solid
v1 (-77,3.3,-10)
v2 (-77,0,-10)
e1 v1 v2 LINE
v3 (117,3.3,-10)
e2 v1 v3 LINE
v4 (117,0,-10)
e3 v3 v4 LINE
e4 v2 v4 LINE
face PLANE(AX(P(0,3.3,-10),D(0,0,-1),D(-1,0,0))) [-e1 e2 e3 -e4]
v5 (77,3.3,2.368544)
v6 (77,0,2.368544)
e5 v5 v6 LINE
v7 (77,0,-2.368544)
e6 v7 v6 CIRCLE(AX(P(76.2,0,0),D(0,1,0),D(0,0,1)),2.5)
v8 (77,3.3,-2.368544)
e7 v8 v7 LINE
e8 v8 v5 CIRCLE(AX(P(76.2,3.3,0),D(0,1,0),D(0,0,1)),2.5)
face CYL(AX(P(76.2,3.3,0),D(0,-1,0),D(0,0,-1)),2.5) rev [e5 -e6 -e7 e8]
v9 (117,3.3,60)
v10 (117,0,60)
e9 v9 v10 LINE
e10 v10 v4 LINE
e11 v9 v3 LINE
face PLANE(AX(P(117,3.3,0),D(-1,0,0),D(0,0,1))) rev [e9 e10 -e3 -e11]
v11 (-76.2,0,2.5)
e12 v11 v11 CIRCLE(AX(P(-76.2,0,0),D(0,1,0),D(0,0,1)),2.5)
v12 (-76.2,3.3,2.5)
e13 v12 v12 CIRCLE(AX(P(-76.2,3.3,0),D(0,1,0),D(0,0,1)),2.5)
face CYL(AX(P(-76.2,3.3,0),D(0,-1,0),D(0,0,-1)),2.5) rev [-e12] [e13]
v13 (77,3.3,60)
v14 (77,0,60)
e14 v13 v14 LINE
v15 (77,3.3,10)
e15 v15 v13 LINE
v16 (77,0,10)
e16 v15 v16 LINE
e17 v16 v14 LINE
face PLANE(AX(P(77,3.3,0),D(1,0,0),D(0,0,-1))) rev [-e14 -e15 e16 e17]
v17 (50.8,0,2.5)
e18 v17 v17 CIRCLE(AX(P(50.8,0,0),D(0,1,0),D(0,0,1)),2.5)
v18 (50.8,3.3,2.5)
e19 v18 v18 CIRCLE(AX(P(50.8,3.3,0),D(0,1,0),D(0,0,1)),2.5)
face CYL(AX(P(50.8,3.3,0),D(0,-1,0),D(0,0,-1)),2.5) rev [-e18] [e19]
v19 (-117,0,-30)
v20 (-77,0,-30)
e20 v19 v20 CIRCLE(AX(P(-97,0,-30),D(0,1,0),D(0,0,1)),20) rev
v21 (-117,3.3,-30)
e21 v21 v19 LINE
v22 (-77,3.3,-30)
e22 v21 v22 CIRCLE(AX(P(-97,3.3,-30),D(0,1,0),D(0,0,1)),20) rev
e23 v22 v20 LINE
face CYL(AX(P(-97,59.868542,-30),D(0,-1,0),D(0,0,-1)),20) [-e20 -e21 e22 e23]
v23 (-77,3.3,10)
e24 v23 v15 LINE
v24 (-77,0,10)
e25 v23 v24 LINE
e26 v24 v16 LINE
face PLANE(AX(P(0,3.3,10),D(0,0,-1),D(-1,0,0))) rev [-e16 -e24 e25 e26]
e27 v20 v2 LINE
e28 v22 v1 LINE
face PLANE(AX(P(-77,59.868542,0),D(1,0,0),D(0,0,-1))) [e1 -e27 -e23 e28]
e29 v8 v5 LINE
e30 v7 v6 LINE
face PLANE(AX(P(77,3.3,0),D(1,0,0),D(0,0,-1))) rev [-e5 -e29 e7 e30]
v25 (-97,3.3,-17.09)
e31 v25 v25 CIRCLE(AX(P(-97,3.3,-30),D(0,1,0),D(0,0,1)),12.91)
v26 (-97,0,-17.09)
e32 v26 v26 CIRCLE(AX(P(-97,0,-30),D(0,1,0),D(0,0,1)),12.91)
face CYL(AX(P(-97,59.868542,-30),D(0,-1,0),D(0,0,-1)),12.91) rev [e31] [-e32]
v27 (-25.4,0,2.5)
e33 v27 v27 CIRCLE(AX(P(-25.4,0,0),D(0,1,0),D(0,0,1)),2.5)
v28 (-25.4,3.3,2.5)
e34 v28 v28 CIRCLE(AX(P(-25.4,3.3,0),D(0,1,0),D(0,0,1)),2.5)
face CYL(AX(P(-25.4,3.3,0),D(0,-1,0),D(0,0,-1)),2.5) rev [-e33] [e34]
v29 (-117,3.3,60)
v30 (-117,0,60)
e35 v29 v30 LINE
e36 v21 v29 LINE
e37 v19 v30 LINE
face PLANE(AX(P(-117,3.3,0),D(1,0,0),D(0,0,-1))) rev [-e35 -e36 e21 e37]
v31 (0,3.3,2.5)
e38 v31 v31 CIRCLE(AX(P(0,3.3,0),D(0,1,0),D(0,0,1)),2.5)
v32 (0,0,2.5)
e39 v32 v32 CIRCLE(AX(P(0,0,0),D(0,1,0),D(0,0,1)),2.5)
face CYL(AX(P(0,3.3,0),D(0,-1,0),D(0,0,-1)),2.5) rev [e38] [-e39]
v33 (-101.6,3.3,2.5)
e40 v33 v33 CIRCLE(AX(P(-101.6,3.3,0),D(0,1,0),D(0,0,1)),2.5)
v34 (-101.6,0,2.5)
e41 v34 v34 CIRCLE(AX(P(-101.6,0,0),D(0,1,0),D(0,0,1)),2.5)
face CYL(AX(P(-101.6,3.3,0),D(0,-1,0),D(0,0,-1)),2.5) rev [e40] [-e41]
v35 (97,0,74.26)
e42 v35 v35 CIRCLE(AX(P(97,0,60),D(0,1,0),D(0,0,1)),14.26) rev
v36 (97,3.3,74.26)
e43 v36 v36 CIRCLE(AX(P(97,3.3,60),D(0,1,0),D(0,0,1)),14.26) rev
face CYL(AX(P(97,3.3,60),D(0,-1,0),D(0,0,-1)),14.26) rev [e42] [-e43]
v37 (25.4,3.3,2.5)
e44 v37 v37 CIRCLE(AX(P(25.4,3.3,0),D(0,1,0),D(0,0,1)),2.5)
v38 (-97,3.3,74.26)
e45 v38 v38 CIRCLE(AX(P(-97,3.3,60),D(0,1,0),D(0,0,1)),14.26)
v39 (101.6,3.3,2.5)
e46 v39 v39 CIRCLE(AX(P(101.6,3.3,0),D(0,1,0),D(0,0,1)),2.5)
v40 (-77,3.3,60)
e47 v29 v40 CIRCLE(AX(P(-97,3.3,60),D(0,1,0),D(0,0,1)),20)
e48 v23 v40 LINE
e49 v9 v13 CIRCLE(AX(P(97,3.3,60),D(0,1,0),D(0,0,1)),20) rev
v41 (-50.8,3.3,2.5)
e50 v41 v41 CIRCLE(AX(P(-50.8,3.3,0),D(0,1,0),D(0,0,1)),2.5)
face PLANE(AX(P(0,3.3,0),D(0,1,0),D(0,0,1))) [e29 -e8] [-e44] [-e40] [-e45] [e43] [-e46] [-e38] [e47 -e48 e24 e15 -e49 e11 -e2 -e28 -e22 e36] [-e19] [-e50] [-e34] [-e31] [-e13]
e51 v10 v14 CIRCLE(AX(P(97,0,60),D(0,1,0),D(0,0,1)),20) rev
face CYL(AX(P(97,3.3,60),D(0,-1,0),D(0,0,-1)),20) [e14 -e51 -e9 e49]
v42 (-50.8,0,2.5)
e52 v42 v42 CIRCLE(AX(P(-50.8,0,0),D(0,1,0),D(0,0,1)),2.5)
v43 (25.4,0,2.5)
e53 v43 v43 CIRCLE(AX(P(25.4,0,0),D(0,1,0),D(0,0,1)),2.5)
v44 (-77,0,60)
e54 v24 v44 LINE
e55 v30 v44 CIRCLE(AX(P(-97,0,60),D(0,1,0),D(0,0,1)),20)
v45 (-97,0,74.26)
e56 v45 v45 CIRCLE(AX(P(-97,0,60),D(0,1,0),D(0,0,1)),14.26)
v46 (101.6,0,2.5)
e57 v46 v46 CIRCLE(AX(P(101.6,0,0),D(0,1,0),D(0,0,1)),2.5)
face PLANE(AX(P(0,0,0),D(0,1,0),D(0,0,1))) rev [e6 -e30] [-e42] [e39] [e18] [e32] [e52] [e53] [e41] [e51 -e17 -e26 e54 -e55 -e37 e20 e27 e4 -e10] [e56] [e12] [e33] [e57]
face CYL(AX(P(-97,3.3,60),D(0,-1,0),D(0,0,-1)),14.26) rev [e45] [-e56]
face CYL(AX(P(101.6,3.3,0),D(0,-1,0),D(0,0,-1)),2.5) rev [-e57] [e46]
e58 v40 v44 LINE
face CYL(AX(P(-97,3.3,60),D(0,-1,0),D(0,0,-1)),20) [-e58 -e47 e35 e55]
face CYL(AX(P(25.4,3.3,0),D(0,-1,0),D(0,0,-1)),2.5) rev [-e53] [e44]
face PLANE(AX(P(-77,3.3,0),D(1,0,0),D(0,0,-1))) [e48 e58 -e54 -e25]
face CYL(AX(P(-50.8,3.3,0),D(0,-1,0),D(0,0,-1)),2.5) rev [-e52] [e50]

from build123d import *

# Parameters (mm, degrees)
SKETCH1_R               = 2.5
SKETCH1_R_2             = 14.26
BOSS_EXTRUDE1_DEPTH     = 3.3
SKETCH1_3_R             = 12.91
SALIENTE_EXTRUIR1_DEPTH = 3.3


with BuildPart() as part:
    # Sketch1 → Boss-Extrude1 (new body)
    with BuildSketch(Plane(origin=(0, 0, 0), x_dir=(1, 0, 0), z_dir=(0, 1, 0))):
        with BuildLine():
            Line((-117, 10), (-117, -60))
            ThreePointArc((-117, -60), (-97, -80), (-77, -60))
            Line((-77, -60), (-77, -10))
            Line((-77, -10), (77, -10))
            Line((77, -10), (77, -60))
            ThreePointArc((77, -60), (97, -80), (117, -60))
            Line((117, -60), (117, 10))
            Line((117, 10), (-117, 10))
        make_face()
        with BuildLine():
            ThreePointArc((77, -2.368543856), (73.7, 0), (77, 2.368543856))
            Line((77, 2.368543856), (77, -2.368543856))
        make_face(mode=Mode.SUBTRACT)
        with Locations((-101.6, 0)):
            Circle(SKETCH1_R, mode=Mode.SUBTRACT)
        with Locations((-76.2, 0)):
            Circle(SKETCH1_R, mode=Mode.SUBTRACT)
        with Locations((-50.8, 0)):
            Circle(SKETCH1_R, mode=Mode.SUBTRACT)
        with Locations((-25.4, 0)):
            Circle(SKETCH1_R, mode=Mode.SUBTRACT)
        Circle(SKETCH1_R, mode=Mode.SUBTRACT)
        with Locations((25.4, 0)):
            Circle(SKETCH1_R, mode=Mode.SUBTRACT)
        with Locations((50.8, 0)):
            Circle(SKETCH1_R, mode=Mode.SUBTRACT)
        with Locations((-97, -60)):
            Circle(SKETCH1_R_2, mode=Mode.SUBTRACT)
        with Locations((101.6, 0)):
            Circle(SKETCH1_R, mode=Mode.SUBTRACT)
        with Locations((97, -60)):
            Circle(SKETCH1_R_2, mode=Mode.SUBTRACT)
    extrude(amount=BOSS_EXTRUDE1_DEPTH)

    # Sketch1<3> → Saliente-Extruir1 (add)
    with BuildSketch(Plane(origin=(0, 0, 0), x_dir=(1, 0, 0), z_dir=(0, 1, 0))):
        with BuildLine():
            Line((-117, 30), (-117, 10))
            Line((-117, 10), (-77, 10))
            Line((-77, 10), (-77, 30))
            ThreePointArc((-77, 30), (-97, 50), (-117, 30))
        make_face()
        with Locations((-97, 30)):
            Circle(SKETCH1_3_R, mode=Mode.SUBTRACT)
    extrude(amount=SALIENTE_EXTRUIR1_DEPTH)


solid = part.part
